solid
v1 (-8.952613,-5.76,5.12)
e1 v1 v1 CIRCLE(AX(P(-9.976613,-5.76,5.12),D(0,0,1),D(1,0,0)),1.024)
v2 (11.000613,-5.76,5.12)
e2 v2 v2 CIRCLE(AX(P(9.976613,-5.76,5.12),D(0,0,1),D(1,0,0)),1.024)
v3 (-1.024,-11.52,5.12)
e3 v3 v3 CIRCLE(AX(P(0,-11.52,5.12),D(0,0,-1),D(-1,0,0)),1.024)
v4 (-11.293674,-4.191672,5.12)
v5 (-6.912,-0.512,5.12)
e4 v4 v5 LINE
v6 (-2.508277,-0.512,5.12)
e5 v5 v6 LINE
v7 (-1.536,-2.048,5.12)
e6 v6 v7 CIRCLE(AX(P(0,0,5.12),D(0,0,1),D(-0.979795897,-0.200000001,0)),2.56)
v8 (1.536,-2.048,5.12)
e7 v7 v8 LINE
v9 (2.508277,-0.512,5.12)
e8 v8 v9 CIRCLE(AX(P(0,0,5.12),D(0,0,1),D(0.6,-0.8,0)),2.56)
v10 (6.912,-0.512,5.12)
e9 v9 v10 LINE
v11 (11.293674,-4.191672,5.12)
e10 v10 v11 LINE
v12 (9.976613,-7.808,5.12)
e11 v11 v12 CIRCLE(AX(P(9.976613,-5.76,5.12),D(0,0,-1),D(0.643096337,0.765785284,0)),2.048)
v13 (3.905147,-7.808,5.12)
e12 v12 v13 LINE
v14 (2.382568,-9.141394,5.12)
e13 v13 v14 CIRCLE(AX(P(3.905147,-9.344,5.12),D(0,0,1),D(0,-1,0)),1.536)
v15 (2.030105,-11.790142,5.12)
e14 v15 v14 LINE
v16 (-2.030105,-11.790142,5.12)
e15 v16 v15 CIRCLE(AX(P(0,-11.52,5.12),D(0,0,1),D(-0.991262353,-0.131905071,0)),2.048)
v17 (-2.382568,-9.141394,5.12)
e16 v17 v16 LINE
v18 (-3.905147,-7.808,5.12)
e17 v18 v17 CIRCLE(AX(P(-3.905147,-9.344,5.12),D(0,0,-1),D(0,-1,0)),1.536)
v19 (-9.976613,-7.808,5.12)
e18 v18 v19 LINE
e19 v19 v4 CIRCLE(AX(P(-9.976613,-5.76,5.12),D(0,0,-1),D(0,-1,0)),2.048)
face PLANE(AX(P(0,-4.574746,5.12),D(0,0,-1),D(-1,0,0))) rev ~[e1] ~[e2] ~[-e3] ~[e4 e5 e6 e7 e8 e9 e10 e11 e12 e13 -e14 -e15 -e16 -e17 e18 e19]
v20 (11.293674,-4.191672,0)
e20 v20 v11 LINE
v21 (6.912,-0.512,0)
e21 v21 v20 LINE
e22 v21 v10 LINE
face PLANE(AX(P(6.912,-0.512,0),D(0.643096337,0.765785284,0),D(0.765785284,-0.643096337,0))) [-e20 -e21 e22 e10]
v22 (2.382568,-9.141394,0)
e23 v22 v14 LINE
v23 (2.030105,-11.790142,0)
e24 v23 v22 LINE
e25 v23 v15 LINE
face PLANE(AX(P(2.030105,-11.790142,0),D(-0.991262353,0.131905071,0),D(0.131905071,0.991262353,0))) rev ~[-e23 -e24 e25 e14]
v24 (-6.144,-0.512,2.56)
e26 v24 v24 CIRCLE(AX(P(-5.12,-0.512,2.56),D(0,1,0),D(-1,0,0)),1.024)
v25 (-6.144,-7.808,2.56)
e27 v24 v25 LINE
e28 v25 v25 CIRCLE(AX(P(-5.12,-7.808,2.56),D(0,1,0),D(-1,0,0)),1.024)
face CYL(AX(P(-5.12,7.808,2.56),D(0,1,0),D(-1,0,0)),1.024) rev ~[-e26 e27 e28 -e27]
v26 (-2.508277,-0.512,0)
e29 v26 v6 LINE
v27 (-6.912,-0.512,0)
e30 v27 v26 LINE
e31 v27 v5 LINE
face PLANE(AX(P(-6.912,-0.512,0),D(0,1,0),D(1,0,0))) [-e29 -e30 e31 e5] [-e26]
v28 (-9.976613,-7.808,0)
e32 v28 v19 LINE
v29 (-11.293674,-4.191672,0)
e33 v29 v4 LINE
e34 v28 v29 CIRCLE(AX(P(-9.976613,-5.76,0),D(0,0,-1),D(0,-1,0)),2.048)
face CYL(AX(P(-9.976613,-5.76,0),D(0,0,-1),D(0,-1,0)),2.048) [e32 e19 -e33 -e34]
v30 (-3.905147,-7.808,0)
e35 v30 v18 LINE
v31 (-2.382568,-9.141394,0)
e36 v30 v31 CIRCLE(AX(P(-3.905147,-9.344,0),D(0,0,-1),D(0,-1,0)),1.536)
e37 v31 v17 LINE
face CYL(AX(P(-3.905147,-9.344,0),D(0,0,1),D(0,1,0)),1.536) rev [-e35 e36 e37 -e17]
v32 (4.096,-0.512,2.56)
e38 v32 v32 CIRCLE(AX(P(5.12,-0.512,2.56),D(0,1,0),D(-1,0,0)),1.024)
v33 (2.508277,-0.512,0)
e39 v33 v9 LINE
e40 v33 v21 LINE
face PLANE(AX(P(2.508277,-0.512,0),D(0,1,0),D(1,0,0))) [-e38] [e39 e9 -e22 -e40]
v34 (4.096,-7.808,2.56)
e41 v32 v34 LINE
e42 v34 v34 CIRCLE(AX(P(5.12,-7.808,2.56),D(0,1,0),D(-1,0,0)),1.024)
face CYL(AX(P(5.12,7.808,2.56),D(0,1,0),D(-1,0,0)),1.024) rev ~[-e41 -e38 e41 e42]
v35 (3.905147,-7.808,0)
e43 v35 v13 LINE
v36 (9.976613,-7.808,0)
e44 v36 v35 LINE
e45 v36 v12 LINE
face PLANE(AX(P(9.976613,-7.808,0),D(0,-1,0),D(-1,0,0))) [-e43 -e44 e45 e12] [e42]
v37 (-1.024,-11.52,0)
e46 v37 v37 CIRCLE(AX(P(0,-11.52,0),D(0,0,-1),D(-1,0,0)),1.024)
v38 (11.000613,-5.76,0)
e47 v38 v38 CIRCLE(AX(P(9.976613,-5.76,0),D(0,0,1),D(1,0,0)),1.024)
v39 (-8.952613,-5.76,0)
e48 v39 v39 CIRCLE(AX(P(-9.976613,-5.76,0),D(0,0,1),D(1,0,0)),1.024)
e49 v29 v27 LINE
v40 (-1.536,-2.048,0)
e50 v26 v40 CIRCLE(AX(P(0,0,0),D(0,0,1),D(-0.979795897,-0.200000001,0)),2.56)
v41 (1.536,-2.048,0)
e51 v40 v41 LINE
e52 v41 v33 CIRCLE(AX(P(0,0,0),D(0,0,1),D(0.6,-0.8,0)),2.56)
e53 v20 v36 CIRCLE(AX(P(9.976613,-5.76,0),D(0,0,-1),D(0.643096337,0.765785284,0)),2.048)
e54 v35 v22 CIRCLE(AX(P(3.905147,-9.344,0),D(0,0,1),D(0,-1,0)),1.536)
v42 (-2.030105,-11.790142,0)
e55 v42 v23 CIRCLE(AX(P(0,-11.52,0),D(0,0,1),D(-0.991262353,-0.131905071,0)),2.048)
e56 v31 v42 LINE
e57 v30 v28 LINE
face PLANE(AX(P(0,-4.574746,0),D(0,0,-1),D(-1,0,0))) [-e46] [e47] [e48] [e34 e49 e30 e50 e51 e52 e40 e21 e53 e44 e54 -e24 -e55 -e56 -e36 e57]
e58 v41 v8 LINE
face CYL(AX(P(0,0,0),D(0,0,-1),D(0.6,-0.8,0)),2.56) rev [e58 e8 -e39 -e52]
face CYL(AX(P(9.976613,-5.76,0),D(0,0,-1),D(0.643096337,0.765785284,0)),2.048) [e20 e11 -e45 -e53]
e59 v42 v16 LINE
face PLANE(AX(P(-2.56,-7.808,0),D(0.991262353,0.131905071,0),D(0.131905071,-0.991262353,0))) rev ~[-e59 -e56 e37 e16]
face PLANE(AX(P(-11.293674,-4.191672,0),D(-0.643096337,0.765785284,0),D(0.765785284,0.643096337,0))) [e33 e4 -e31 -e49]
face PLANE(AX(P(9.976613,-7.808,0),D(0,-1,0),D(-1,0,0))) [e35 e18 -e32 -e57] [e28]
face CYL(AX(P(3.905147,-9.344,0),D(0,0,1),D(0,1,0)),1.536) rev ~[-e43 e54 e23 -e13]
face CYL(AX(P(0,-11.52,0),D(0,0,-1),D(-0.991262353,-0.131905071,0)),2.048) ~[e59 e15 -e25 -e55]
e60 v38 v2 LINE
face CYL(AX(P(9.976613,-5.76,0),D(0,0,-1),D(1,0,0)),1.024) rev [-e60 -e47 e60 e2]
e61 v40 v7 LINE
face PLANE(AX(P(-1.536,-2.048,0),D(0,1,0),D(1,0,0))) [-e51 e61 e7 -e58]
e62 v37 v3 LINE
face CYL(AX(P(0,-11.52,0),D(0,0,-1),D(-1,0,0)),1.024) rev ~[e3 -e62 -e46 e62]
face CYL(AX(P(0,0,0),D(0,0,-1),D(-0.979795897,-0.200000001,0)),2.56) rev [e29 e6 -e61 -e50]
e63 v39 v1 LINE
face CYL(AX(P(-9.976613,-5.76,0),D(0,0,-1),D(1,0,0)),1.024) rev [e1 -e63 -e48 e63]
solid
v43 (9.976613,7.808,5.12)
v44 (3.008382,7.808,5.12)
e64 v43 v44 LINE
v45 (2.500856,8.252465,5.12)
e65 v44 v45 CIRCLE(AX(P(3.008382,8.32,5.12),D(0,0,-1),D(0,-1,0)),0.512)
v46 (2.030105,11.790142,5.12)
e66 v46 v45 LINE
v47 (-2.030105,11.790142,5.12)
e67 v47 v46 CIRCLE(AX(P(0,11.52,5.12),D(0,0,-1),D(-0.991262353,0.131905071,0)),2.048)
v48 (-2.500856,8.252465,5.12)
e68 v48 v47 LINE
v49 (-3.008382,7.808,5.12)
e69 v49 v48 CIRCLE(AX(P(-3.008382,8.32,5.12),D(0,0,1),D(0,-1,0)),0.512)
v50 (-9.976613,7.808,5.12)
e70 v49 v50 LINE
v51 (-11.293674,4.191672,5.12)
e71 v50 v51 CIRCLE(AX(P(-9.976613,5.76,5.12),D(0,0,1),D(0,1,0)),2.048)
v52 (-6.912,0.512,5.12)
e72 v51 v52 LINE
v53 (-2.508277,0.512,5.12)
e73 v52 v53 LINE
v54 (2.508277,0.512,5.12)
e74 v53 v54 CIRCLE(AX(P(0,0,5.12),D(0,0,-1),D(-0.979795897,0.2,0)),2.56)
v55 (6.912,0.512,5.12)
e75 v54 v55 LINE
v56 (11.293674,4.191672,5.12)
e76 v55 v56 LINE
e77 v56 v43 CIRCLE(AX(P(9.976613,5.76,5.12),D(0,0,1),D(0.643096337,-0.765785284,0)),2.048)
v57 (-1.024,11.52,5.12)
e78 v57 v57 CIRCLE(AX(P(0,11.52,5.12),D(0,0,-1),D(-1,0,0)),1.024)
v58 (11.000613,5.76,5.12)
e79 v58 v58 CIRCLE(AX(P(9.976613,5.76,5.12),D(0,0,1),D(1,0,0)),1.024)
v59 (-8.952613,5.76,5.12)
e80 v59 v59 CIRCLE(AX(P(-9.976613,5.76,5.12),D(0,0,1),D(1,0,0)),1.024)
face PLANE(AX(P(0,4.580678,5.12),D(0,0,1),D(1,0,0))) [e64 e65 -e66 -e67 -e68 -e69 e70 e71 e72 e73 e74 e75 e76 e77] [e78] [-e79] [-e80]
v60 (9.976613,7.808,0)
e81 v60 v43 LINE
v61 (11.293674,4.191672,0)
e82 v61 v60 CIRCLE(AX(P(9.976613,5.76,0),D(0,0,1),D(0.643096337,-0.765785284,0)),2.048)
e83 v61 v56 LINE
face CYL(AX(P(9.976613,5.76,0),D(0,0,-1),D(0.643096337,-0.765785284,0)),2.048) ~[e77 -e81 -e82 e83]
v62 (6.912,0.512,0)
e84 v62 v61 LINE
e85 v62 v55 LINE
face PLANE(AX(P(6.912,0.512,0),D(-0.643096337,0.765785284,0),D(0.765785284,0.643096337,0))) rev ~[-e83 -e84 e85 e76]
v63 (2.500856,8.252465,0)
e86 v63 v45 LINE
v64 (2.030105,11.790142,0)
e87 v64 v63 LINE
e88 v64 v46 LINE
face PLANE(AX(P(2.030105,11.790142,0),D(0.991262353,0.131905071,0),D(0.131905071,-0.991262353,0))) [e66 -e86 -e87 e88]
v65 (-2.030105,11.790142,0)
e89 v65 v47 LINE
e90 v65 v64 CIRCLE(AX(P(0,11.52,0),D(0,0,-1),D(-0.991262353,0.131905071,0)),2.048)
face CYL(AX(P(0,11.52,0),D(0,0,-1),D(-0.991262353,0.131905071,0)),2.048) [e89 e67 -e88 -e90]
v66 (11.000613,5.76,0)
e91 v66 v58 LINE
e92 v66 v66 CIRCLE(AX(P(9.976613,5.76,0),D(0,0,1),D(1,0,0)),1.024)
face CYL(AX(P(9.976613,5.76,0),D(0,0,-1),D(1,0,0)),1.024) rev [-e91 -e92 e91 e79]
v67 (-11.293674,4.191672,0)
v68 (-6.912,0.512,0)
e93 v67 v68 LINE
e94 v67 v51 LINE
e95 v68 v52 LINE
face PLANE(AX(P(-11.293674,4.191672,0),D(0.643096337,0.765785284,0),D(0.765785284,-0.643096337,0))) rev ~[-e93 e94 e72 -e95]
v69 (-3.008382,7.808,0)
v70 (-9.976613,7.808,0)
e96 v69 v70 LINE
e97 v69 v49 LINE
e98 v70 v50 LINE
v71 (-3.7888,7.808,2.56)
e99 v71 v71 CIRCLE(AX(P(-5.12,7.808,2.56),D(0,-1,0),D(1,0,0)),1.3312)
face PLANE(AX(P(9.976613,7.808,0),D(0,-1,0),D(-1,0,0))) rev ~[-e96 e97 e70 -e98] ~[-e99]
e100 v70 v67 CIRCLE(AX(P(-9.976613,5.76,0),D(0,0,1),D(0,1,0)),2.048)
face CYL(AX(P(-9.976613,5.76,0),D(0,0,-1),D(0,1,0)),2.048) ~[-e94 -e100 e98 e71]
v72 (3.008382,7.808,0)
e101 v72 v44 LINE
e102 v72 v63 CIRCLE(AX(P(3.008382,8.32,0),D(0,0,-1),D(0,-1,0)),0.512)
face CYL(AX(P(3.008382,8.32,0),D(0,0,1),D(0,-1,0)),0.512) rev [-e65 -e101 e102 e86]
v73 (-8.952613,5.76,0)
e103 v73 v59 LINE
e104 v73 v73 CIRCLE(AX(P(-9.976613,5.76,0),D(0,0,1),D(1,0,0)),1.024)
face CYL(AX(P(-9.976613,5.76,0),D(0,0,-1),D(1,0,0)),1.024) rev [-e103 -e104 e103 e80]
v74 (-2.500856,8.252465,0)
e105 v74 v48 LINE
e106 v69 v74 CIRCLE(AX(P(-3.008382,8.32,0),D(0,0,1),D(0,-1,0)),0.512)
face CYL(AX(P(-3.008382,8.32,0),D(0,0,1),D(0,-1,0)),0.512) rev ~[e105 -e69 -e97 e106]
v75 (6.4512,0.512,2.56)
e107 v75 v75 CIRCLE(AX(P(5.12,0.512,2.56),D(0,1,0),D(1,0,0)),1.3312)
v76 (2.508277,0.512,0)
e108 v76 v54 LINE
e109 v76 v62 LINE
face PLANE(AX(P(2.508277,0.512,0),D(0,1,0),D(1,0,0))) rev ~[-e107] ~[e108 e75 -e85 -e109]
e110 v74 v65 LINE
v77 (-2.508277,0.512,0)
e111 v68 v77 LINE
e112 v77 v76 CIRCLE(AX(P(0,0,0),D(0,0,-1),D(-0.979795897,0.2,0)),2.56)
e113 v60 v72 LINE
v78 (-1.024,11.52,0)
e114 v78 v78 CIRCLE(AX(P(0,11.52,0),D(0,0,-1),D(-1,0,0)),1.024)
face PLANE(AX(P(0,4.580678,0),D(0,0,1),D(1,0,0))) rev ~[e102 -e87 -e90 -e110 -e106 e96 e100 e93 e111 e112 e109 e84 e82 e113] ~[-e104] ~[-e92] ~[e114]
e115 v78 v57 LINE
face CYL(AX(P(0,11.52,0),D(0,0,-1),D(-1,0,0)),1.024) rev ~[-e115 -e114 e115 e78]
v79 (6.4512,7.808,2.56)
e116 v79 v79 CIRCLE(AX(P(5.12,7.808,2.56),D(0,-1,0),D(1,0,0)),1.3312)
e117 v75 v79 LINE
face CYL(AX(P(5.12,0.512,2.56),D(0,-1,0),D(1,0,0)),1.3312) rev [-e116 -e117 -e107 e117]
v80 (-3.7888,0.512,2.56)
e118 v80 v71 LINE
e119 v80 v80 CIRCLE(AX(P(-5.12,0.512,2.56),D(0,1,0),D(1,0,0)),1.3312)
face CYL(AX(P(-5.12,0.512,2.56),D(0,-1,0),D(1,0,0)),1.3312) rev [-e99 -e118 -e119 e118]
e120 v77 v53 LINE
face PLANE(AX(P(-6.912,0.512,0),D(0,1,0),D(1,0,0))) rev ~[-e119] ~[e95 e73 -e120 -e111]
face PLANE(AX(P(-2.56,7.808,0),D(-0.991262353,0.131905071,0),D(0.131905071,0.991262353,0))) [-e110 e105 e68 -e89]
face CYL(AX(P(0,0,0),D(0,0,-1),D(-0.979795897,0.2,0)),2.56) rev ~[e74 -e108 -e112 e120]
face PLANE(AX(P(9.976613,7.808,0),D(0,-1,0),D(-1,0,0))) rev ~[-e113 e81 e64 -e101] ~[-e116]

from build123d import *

# Parameters (mm, degrees)
SKETCH_1_R               = 2
EXTRUDE_1_DEPTH          = 10
EXTRUDE_1_2_DEPTH        = 10
CUT_EXTRUDE_2_DEPTH      = 40.772126831
CUT_EXTRUDE_2_DEPTH_BACK = 14.25
SKETCH_3_R               = 2.6
SKETCH_4_R               = 2
CUT_EXTRUDE_3_DEPTH      = 40.772126831
SKETCH_5_R               = 2
EXTRUDE_2_DEPTH          = 10
FILLET_1_R               = 3
FILLET_2_R               = 1
SCALE_1_SCALE            = 0.8
SCALE_2_SCALE            = 0.8
SCALE_3_SCALE            = 0.8


with BuildPart() as part:
    # 草图1 → 凸台-拉伸1 (new body)
    with BuildSketch(Plane.XY):
        with BuildLine():
            Line((-3, -4), (3, -4))
            ThreePointArc((3, -4), (4.224744871, -2.674234614), (4.898979486, -1))
            Line((4.898979486, -1), (13.5, -1))
            Line((13.5, -1), (22.057956933, -8.186858864))
            ThreePointArc((22.057956933, -8.186858864), (23.244066267, -12.618838094), (19.485571585, -15.25))
            Line((19.485571585, -15.25), (-19.485571585, -15.25))
            ThreePointArc((-19.485571585, -15.25), (-23.244066267, -12.618838094), (-22.057956933, -8.186858864))
            Line((-22.057956933, -8.186858864), (-13.5, -1))
            Line((-13.5, -1), (-4.898979486, -1))
            ThreePointArc((-4.898979486, -1), (-4.224744871, -2.674234614), (-3, -4))
        make_face()
        with Locations((19.485571585, -11.25)):
            Circle(SKETCH_1_R, mode=Mode.SUBTRACT)
        with Locations((-19.485571585, -11.25)):
            Circle(SKETCH_1_R, mode=Mode.SUBTRACT)
    extrude(amount=EXTRUDE_1_DEPTH)

    # 草图4 → 切除-拉伸3 (cut, through all)
    with BuildSketch(Plane(origin=(0, 15.25, 0), x_dir=(1, 0, 0), z_dir=(0, 1, 0))):
        with Locations(Location((10, -5, 0), (0, 0, 180))):
            Circle(SKETCH_4_R)
        with Locations(Location((-10, -5, 0), (0, 0, 180))):
            Circle(SKETCH_4_R)
    extrude(amount=-CUT_EXTRUDE_3_DEPTH, mode=Mode.SUBTRACT)



with BuildPart() as body_2:
    # 草图1 → Extrude 1 2 (new body)
    with BuildSketch(Plane.XY):
        with BuildLine():
            Line((-13.5, 1), (-4.898979486, 1))
            ThreePointArc((-4.898979486, 1), (0, 5), (4.898979486, 1))
            Line((4.898979486, 1), (13.5, 1))
            Line((13.5, 1), (22.057956933, 8.186858864))
            ThreePointArc((22.057956933, 8.186858864), (23.244066267, 12.618838094), (19.485571585, 15.25))
            Line((19.485571585, 15.25), (-19.485571585, 15.25))
            ThreePointArc((-19.485571585, 15.25), (-23.244066267, 12.618838094), (-22.057956933, 8.186858864))
            Line((-22.057956933, 8.186858864), (-13.5, 1))
        make_face()
        with Locations((19.485571585, 11.25)):
            Circle(SKETCH_1_R, mode=Mode.SUBTRACT)
        with Locations((-19.485571585, 11.25)):
            Circle(SKETCH_1_R, mode=Mode.SUBTRACT)
    extrude(amount=EXTRUDE_1_2_DEPTH)

    # 草图3 → 切除-拉伸2 (cut, two sides: drawn at the far end of the back side and taken through both)
    with BuildSketch(Plane(origin=(0, 15.25, 0), x_dir=(1, 0, 0), z_dir=(0, 1, 0)).offset(-CUT_EXTRUDE_2_DEPTH_BACK)):
        with Locations((10, -5)):
            Circle(SKETCH_3_R)
        with Locations((-10, -5)):
            Circle(SKETCH_3_R)
    extrude(amount=CUT_EXTRUDE_2_DEPTH + CUT_EXTRUDE_2_DEPTH_BACK, mode=Mode.SUBTRACT)


with BuildPart() as part_1:
    add(part.part)

    add(body_2.part)  # 凸台-拉伸2 merges body 2
    # 草图5 → 凸台-拉伸2 (add)
    # profile 1 of 2: a face of its own
    with BuildSketch(Plane(origin=(0, 0, 0), x_dir=(-1, 0, 0), z_dir=(0, 0, -1))):
        with BuildLine():
            Line((-3.965049412, -23.027620284), (-5, -15.25))
            Line((-5, -15.25), (5, -15.25))
            Line((5, -15.25), (3.965049412, -23.027620284))
            ThreePointArc((3.965049412, -23.027620284), (0, -26.5), (-3.965049412, -23.027620284))
        make_face()
        with Locations((0, -22.5)):
            Circle(SKETCH_5_R, mode=Mode.SUBTRACT)
    # profile 2 of 2: a face of its own
    with BuildSketch(Plane(origin=(0, 0, 0), x_dir=(-1, 0, 0), z_dir=(0, 0, -1))):
        with BuildLine():
            Line((5, 15.25), (3.965049412, 23.027620284))
            ThreePointArc((3.965049412, 23.027620284), (0, 26.5), (-3.965049412, 23.027620284))
            Line((-3.965049412, 23.027620284), (-5, 15.25))
            Line((-5, 15.25), (5, 15.25))
        make_face()
        with Locations((0, 22.5)):
            Circle(SKETCH_5_R, mode=Mode.SUBTRACT)
    extrude(amount=-EXTRUDE_2_DEPTH)

    # 圆角1
    fillet_1_edges = [part_1.edges().sort_by_distance(p)[0] for p in [
        (-5, -15.25, 5),
        (5, -15.25, 5),
    ]]
    fillet(fillet_1_edges, radius=FILLET_1_R)

    # 圆角2
    fillet_2_edges = [part_1.edges().sort_by_distance(p)[0] for p in [
        (5, 15.25, 5),
        (-5, 15.25, 5),
    ]]
    fillet(fillet_2_edges, radius=FILLET_2_R)


with BuildPart() as part_2:
    # 缩放比例1: scaled about (0, 0, 0)
    add(part_1.part.scale(SCALE_1_SCALE))


with BuildPart() as part_3:
    # 缩放比例2: scaled about (0, 0, 0)
    add(part_2.part.scale(SCALE_2_SCALE))


with BuildPart() as part_4:
    # 缩放比例3: scaled about (0, 0, 0)
    add(part_3.part.scale(SCALE_3_SCALE))


solid = part_4.part
